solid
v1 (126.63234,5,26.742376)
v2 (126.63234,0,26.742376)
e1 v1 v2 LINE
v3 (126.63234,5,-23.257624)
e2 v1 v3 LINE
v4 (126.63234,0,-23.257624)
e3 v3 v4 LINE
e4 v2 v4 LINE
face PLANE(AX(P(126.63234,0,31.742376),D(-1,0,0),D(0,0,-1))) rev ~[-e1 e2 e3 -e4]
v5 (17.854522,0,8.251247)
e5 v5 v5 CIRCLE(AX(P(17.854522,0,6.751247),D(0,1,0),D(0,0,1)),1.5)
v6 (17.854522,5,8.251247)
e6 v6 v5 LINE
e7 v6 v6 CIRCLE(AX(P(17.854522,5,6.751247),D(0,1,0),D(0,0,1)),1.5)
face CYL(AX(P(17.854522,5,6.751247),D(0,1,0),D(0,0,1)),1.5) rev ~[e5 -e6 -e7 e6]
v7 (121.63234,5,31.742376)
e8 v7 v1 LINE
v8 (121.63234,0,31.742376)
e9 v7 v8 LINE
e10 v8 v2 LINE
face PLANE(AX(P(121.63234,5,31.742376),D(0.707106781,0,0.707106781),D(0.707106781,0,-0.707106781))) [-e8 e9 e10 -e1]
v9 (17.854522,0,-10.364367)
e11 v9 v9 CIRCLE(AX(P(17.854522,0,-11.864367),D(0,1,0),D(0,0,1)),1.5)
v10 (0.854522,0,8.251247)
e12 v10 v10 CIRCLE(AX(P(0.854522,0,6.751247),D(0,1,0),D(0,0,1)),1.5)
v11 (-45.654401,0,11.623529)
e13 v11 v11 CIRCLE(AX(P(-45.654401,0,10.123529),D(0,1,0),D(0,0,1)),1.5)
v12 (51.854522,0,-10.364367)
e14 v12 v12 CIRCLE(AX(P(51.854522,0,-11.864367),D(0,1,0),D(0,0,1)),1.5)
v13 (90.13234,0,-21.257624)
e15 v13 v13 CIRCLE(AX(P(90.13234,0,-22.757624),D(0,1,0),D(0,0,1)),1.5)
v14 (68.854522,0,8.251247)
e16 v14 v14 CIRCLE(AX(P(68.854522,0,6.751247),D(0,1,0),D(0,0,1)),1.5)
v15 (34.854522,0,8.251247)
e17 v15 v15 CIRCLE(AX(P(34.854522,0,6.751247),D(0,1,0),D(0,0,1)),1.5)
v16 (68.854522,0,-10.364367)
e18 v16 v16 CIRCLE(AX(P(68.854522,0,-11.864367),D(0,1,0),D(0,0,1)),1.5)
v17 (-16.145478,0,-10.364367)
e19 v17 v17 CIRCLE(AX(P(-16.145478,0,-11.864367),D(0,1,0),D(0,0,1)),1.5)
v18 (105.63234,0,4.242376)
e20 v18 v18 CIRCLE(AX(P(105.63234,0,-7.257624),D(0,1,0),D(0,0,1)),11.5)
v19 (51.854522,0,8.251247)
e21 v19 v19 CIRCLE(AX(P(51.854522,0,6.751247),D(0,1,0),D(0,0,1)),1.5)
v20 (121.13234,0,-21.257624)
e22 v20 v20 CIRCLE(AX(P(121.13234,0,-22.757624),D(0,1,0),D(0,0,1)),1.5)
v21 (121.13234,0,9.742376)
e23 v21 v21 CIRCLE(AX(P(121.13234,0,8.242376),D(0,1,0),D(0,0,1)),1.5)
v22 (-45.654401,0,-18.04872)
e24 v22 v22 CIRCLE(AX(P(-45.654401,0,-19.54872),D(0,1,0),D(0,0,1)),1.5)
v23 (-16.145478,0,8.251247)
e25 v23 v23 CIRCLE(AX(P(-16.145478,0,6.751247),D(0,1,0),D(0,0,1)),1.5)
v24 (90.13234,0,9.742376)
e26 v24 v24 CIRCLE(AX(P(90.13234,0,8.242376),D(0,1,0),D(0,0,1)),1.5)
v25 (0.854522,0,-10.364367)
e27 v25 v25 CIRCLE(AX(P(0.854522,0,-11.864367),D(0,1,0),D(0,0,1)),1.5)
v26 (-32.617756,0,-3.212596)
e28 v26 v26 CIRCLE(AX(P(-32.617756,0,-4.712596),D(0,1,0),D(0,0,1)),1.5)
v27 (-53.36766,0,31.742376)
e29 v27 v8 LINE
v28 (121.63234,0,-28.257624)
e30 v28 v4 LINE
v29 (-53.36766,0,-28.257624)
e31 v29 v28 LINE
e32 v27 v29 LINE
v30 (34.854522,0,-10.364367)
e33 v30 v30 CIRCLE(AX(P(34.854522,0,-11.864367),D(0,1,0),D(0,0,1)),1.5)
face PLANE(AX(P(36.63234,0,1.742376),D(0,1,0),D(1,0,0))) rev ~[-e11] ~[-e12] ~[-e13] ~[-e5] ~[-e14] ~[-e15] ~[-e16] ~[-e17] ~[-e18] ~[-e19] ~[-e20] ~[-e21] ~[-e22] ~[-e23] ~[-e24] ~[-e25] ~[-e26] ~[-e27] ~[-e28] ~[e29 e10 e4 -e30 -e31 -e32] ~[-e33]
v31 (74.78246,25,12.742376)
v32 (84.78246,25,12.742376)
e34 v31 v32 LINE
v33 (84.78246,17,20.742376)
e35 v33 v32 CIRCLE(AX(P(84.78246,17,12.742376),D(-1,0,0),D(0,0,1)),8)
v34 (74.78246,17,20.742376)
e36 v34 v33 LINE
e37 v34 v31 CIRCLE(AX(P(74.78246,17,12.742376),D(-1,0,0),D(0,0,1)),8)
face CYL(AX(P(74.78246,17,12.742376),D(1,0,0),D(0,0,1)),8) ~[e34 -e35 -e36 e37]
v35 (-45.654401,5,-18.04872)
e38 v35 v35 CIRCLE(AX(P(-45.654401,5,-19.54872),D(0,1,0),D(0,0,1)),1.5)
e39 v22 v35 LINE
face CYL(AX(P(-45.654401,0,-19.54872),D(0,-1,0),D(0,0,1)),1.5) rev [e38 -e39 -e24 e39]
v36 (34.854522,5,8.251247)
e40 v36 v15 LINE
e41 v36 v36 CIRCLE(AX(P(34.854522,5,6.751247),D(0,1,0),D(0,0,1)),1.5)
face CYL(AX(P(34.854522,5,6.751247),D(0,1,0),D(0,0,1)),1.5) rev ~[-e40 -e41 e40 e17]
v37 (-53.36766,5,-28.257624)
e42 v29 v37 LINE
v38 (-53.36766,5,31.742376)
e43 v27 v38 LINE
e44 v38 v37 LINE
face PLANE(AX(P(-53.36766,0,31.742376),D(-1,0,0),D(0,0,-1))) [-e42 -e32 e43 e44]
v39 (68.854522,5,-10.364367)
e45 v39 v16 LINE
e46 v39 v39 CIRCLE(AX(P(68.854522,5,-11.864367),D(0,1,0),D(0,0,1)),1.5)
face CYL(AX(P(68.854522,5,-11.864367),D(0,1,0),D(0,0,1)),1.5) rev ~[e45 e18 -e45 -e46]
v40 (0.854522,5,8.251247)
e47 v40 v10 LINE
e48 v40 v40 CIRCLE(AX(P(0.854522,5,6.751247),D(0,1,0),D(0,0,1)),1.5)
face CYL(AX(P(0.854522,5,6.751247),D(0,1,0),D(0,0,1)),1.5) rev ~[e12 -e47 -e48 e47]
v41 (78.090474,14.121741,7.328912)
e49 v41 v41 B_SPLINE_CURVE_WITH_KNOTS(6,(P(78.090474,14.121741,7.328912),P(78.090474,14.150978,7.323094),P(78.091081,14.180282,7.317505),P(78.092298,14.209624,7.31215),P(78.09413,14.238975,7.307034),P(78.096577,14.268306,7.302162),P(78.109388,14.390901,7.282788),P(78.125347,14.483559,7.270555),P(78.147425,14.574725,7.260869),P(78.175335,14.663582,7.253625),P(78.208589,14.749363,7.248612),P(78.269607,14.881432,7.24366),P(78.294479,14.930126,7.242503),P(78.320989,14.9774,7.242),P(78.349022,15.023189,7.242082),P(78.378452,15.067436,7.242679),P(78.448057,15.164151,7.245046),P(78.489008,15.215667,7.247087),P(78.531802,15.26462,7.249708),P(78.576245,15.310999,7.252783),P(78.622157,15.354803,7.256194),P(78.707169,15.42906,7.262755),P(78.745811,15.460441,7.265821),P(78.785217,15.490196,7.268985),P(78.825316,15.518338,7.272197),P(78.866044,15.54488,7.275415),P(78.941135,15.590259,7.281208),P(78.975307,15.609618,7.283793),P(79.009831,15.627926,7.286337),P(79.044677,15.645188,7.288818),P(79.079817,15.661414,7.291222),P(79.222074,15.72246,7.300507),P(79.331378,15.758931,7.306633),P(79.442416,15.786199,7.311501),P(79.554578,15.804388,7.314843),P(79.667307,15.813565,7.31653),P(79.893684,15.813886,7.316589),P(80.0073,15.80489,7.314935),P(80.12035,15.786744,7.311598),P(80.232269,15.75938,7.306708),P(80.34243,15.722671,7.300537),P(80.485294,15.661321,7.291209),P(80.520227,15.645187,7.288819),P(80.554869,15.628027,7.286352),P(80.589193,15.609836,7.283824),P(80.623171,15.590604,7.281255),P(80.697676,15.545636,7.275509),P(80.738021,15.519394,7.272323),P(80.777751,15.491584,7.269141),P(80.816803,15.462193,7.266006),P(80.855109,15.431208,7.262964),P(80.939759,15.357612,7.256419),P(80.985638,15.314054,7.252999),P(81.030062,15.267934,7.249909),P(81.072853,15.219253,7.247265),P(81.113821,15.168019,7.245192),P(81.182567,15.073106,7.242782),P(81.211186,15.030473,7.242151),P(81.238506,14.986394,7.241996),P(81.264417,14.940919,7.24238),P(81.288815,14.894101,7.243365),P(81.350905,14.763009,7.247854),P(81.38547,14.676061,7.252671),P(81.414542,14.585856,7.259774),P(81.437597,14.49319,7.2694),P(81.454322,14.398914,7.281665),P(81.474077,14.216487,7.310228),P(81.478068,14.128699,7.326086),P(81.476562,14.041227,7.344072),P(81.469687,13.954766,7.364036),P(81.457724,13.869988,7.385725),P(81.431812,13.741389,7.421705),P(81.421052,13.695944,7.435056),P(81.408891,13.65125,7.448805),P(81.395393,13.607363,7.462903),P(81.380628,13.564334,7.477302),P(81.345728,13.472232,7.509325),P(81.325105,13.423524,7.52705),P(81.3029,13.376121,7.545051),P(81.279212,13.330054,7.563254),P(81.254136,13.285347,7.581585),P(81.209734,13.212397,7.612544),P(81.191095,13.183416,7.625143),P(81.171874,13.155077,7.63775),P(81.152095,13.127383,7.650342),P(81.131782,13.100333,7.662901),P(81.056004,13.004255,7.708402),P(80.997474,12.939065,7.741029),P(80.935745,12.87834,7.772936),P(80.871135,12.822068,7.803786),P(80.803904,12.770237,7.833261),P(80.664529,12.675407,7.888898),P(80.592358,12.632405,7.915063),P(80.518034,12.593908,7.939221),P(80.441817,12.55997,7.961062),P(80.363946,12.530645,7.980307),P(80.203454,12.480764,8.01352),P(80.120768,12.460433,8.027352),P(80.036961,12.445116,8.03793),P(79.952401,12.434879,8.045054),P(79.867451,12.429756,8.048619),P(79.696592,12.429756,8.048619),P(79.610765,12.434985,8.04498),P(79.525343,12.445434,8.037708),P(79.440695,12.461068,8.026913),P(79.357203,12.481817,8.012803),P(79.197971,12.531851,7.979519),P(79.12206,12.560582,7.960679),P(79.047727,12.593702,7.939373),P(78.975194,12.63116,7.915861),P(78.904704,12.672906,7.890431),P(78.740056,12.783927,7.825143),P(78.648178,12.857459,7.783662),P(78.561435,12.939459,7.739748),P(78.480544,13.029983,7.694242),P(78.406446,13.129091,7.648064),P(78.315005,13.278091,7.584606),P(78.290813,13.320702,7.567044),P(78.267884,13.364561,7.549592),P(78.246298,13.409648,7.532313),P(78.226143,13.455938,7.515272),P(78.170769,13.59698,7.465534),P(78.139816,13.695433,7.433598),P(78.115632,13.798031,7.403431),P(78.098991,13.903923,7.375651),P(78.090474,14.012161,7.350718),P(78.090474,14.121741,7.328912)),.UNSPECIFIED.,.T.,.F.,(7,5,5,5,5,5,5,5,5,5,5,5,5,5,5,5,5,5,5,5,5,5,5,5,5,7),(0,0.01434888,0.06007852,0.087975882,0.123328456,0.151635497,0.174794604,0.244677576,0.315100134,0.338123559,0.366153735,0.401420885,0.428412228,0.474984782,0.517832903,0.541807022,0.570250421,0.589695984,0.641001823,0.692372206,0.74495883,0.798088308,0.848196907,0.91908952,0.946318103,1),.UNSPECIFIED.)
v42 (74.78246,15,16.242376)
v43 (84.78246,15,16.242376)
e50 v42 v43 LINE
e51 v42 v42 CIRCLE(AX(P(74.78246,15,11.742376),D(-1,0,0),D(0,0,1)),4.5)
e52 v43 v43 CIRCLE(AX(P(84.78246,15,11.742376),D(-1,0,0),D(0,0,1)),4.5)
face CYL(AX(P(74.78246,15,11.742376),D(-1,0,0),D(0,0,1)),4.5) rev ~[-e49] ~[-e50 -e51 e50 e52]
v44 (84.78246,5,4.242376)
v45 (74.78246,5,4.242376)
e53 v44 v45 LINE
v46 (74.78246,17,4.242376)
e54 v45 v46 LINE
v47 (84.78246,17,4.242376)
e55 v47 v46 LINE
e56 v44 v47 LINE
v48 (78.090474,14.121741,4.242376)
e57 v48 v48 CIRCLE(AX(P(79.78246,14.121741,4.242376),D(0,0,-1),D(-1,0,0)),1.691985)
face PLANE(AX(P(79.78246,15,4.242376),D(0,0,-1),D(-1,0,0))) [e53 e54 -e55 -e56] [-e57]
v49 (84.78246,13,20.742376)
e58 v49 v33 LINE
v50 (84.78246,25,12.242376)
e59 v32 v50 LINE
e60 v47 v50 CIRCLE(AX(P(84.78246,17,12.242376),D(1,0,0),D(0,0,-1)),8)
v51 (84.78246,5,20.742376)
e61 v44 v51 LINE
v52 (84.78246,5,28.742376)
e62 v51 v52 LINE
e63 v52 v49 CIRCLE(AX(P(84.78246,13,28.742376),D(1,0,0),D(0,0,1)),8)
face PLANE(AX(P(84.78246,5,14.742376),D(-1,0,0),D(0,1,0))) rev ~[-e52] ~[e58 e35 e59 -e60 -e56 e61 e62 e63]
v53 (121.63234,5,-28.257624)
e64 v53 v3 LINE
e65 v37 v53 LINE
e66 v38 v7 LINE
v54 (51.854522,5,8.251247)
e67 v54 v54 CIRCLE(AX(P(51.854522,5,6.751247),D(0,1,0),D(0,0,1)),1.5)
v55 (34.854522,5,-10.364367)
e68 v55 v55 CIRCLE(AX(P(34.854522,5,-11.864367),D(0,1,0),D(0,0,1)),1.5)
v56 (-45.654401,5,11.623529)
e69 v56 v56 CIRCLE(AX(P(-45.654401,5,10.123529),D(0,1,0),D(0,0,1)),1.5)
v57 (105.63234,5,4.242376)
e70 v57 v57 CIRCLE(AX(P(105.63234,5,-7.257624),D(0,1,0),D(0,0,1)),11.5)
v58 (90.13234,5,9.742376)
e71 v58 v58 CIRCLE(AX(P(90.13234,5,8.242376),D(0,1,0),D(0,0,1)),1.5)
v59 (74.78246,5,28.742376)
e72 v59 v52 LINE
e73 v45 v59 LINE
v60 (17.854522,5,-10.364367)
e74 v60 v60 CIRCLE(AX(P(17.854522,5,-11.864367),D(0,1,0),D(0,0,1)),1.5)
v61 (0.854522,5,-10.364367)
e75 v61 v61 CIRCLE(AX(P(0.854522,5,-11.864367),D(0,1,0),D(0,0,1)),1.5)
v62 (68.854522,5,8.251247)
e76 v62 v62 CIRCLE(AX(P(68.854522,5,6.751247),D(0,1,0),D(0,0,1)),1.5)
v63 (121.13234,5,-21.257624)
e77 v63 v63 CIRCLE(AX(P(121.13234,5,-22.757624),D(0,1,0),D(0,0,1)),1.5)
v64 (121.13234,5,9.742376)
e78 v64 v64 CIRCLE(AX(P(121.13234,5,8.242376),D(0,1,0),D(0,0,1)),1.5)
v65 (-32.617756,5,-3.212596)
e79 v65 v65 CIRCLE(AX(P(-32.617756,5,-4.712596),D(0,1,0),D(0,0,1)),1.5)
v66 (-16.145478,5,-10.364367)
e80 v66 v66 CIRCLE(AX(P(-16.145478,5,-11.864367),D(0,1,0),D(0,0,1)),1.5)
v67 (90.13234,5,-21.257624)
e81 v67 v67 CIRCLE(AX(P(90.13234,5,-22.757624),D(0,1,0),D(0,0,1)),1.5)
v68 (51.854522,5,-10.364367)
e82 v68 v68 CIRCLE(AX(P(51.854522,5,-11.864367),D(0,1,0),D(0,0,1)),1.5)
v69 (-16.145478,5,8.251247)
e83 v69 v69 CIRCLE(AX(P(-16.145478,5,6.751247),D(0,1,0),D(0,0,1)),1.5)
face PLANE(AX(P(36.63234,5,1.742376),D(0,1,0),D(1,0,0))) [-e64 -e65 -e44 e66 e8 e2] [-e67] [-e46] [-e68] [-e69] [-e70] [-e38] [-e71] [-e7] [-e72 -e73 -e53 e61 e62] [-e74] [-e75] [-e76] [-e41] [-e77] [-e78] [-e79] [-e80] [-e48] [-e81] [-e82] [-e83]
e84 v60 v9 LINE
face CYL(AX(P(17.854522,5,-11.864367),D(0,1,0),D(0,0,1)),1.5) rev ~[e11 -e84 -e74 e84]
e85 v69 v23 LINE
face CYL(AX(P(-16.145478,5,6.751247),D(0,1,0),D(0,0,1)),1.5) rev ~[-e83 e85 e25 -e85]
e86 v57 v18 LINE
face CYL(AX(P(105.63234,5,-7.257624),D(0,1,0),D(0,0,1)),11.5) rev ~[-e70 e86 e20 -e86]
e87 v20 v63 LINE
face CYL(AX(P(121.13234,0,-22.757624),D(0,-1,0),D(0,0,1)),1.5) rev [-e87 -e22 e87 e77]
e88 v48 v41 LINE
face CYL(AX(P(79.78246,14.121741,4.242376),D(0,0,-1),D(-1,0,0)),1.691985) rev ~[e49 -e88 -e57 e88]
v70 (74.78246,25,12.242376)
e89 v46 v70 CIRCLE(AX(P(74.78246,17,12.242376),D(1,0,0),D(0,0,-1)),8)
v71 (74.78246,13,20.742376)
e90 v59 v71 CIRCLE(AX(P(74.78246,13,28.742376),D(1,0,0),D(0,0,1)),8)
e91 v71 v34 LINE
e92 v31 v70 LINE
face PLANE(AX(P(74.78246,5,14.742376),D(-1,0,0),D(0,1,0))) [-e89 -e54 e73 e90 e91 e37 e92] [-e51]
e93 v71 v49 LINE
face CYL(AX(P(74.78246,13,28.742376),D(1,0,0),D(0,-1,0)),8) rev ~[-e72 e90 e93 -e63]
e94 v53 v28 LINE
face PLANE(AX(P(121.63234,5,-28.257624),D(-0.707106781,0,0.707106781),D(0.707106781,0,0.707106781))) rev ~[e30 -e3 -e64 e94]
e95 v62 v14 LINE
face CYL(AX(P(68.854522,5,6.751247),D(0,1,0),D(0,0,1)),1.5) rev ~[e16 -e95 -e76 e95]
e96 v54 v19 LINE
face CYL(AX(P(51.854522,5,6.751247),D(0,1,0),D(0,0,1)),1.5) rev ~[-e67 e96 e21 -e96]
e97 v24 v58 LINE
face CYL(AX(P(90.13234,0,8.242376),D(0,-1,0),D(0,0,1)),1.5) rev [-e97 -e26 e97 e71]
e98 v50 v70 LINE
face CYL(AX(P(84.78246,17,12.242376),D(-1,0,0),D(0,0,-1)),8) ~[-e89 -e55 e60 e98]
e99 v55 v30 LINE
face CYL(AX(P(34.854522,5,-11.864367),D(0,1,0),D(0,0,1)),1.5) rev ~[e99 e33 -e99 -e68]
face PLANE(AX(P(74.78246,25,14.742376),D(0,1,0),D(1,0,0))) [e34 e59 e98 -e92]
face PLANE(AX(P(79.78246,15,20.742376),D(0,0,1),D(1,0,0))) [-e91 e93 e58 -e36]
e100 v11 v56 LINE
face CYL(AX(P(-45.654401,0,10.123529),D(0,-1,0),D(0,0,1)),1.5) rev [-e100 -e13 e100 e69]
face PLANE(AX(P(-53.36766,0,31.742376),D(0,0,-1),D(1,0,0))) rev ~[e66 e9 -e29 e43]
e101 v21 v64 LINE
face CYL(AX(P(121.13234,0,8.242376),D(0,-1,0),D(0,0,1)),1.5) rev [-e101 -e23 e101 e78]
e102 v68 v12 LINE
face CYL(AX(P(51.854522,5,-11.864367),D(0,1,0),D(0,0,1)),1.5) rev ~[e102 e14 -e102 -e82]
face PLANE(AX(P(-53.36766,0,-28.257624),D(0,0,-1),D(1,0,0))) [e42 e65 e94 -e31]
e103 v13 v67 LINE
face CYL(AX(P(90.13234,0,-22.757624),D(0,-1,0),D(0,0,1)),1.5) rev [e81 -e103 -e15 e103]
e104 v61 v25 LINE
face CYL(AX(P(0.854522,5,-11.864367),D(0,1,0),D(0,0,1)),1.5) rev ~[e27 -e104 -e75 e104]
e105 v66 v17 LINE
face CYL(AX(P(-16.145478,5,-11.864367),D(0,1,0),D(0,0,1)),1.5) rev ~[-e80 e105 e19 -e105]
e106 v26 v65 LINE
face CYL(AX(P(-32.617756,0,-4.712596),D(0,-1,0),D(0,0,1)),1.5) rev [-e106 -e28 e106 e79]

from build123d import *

# Parameters (mm, degrees)
SKETCH_1_W           = 180
SKETCH_1_H           = 60
SKETCH_1_R           = 11
SKETCH_1_R_2         = 1.5
EXTRUDE_3_DEPTH      = 5
SKETCH_2_W           = 10
SKETCH_2_H           = 20
EXTRUDE_4_DEPTH      = 20
SKETCH_4_R           = 4
CUT_EXTRUDE_1_DEPTH  = 20
SKETCH_8_W           = 3
SKETCH_8_H           = 20
CUT_EXTRUDE_4_DEPTH  = 10
SKETCH_10_W          = 14
SKETCH_10_H          = 20
EXTRUDE_5_DEPTH      = 10
SKETCH_9_R           = 4
CUT_EXTRUDE_5_DEPTH  = 10
SKETCH_12_W          = 13.5
SKETCH_12_H          = 20
CUT_EXTRUDE_6_DEPTH  = 10
SKETCH_15_W          = 1
SKETCH_15_H          = 20
CUT_EXTRUDE_7_DEPTH  = 10
FILLET_5_R           = 5
SKETCH_21_W          = 10
SKETCH_21_H          = 18
EXTRUDE_6_DEPTH      = 20
SKETCH_25_W          = 11.311173877
SKETCH_25_H          = 1.5
CUT_EXTRUDE_10_DEPTH = 20
SKETCH_37_W          = 10
SKETCH_37_H          = 20
EXTRUDE_9_DEPTH      = 6
SKETCH_38_W          = 10
SKETCH_38_H          = 20
CUT_EXTRUDE_12_DEPTH = 6
SKETCH_39_R          = 4
CUT_EXTRUDE_13_DEPTH = 144.937604561
FILLET_10_R          = 8
SKETCH_41_R          = 1.5
CUT_EXTRUDE_14_DEPTH = 10
SKETCH_42_R          = 11.5
CUT_EXTRUDE_15_DEPTH = 10
SKETCH_43_R          = 1.691985253
CUT_EXTRUDE_16_DEPTH = 10
SKETCH_44_R          = 4.5
CUT_EXTRUDE_17_DEPTH = 10
CUT_EXTRUDE_18_DEPTH = 10


with BuildPart() as part:
    # 스케치1 → 보스-돌출3 (new body)
    with BuildSketch(Plane(origin=(0, 0, 0), x_dir=(1, 0, 0), z_dir=(0, 1, 0))):
        with Locations((36.632340007, -1.742375967)):
            Rectangle(SKETCH_1_W, SKETCH_1_H)
        with Locations(Location((105.632340007, 7.257624033, 0), (0, 0, 270))):
            Circle(SKETCH_1_R, mode=Mode.SUBTRACT)
        with Locations(Location((90.132340007, 22.757624033, 0), (0, 0, 270))):
            Circle(SKETCH_1_R_2, mode=Mode.SUBTRACT)
        with Locations(Location((121.132340007, 22.757624033, 0), (0, 0, 270))):
            Circle(SKETCH_1_R_2, mode=Mode.SUBTRACT)
        with Locations(Location((90.132340007, -8.242375967, 0), (0, 0, 270))):
            Circle(SKETCH_1_R_2, mode=Mode.SUBTRACT)
        with Locations(Location((121.132340007, -8.242375967, 0), (0, 0, 270))):
            Circle(SKETCH_1_R_2, mode=Mode.SUBTRACT)
        with Locations(Location((-32.617755763, 4.712595626, 0), (0, 0, 270))):
            Circle(SKETCH_1_R_2, mode=Mode.SUBTRACT)
        with Locations(Location((-45.654401225, 19.548720133, 0), (0, 0, 270))):
            Circle(SKETCH_1_R_2, mode=Mode.SUBTRACT)
        with Locations(Location((-45.654401225, -10.123528882, 0), (0, 0, 270))):
            Circle(SKETCH_1_R_2, mode=Mode.SUBTRACT)
    extrude(amount=EXTRUDE_3_DEPTH)

    # 스케치2 → 보스-돌출4 (add)
    with BuildSketch(Plane(origin=(0, 5, 0), x_dir=(1, 0, 0), z_dir=(0, 1, 0))):
        with Locations((79.782459712, 8.257624033)):
            Rectangle(SKETCH_2_W, SKETCH_2_H)
    extrude(amount=EXTRUDE_4_DEPTH)

    # 스케치4 → 컷-돌출1 (cut)
    with BuildSketch(Plane.ZY.offset(-74.782459712)):
        with Locations((-8.257624033, 15)):
            Circle(SKETCH_4_R)
    extrude(amount=-CUT_EXTRUDE_1_DEPTH, mode=Mode.SUBTRACT)

    # 스케치8 → 컷-돌출4 (cut)
    with BuildSketch(Plane(origin=(84.782459712, 0, 0), x_dir=(0, 0, -1), z_dir=(1, 0, 0))):
        with Locations((16.757624033, 15)):
            Rectangle(SKETCH_8_W, SKETCH_8_H)
        with Locations((-0.242375967, 15)):
            Rectangle(SKETCH_8_W, SKETCH_8_H)
    extrude(amount=-CUT_EXTRUDE_4_DEPTH, mode=Mode.SUBTRACT)

    # 스케치10 → 보스-돌출5 (add)
    with BuildSketch(Plane(origin=(84.782459712, 0, 0), x_dir=(0, 0, -1), z_dir=(1, 0, 0))):
        with Locations((-5.242375967, 15)):
            Rectangle(SKETCH_10_W, SKETCH_10_H)
    extrude(amount=-EXTRUDE_5_DEPTH)

    # 스케치9 → 컷-돌출5 (cut)
    with BuildSketch(Plane(origin=(84.782459712, 0, 0), x_dir=(0, 0, -1), z_dir=(1, 0, 0))):
        with Locations((-5.242375967, 15)):
            Circle(SKETCH_9_R)
    extrude(amount=-CUT_EXTRUDE_5_DEPTH, mode=Mode.SUBTRACT)

    # 스케치12 → 컷-돌출6 (cut)
    with BuildSketch(Plane(origin=(84.782459712, 0, 0), x_dir=(0, 0, -1), z_dir=(1, 0, 0))):
        with Locations((8.507624033, 15)):
            Rectangle(SKETCH_12_W, SKETCH_12_H)
    extrude(amount=-CUT_EXTRUDE_6_DEPTH, mode=Mode.SUBTRACT)

    # 스케치15 → 컷-돌출7 (cut)
    with BuildSketch(Plane(origin=(84.782459712, 0, 0), x_dir=(0, 0, -1), z_dir=(1, 0, 0))):
        with Locations((1.257624033, 15)):
            Rectangle(SKETCH_15_W, SKETCH_15_H)
    extrude(amount=-CUT_EXTRUDE_7_DEPTH, mode=Mode.SUBTRACT)

    # 필렛5
    fillet_5_edges = [part.edges().sort_by_distance(p)[0] for p in [
        (79.782459712, 25, -0.757624033),
        (79.782459712, 25, 12.242375967),
    ]]
    fillet(fillet_5_edges, radius=FILLET_5_R)

    # 스케치21 → 보스-돌출6 (add)
    with BuildSketch(Plane(origin=(0, 5, 0), x_dir=(1, 0, 0), z_dir=(0, 1, 0))):
        with Locations((79.782459712, -5.742375967)):
            Rectangle(SKETCH_21_W, SKETCH_21_H)
    extrude(amount=EXTRUDE_6_DEPTH)

    # 스케치25 → 컷-돌출10 (cut)
    with BuildSketch(Plane(origin=(0, 5, 0), x_dir=(1, 0, 0), z_dir=(0, 1, 0))):
        with Locations((79.126872773, 2.507624033)):
            Rectangle(SKETCH_25_W, SKETCH_25_H)
    extrude(amount=CUT_EXTRUDE_10_DEPTH, mode=Mode.SUBTRACT)

    # 스케치37 → 보스-돌출9 (add)
    with BuildSketch(Plane.XY.offset(14.742375967)):
        with Locations((79.782459712, 15)):
            Rectangle(SKETCH_37_W, SKETCH_37_H)
    extrude(amount=EXTRUDE_9_DEPTH)

    # 스케치38 → 컷-돌출12 (cut)
    with BuildSketch(Plane(origin=(0, 0, -1.757624033), x_dir=(-1, 0, 0), z_dir=(0, 0, -1))):
        with Locations((-79.782459712, 15)):
            Rectangle(SKETCH_38_W, SKETCH_38_H)
    extrude(amount=-CUT_EXTRUDE_12_DEPTH, mode=Mode.SUBTRACT)

    # 스케치39 → 컷-돌출13 (cut, through all)
    with BuildSketch(Plane(origin=(84.782459712, 0, 0), x_dir=(0, 0, -1), z_dir=(1, 0, 0))):
        with Locations((-11.742375967, 15)):
            Circle(SKETCH_39_R)
    extrude(amount=-CUT_EXTRUDE_13_DEPTH, mode=Mode.SUBTRACT)

    # 필렛10
    fillet_10_edges = [part.edges().sort_by_distance(p)[0] for p in [
        (79.782459712, 25, 20.742375967),
        (79.782459712, 5, 20.742375967),
        (79.782459712, 25, 4.242375967),
    ]]
    fillet(fillet_10_edges, radius=FILLET_10_R)

    # 스케치41 → 컷-돌출14 (cut)
    with BuildSketch(Plane(origin=(0, 5, 0), x_dir=(1, 0, 0), z_dir=(0, 1, 0))):
        with Locations(Location((-16.145477704, -6.751246634, 0), (0, 0, 270))):
            Circle(SKETCH_41_R)
        with Locations(Location((-16.145477704, 11.864366715, 0), (0, 0, 270))):
            Circle(SKETCH_41_R)
        with Locations(Location((0.854522296, 11.864366715, 0), (0, 0, 270))):
            Circle(SKETCH_41_R)
        with Locations(Location((0.854522296, -6.751246634, 0), (0, 0, 270))):
            Circle(SKETCH_41_R)
        with Locations(Location((17.854522296, 11.864366715, 0), (0, 0, 270))):
            Circle(SKETCH_41_R)
        with Locations(Location((17.854522296, -6.751246634, 0), (0, 0, 270))):
            Circle(SKETCH_41_R)
        with Locations(Location((34.854522296, 11.864366715, 0), (0, 0, 270))):
            Circle(SKETCH_41_R)
        with Locations(Location((34.854522296, -6.751246634, 0), (0, 0, 270))):
            Circle(SKETCH_41_R)
        with Locations(Location((51.854522296, 11.864366715, 0), (0, 0, 270))):
            Circle(SKETCH_41_R)
        with Locations(Location((51.854522296, -6.751246634, 0), (0, 0, 270))):
            Circle(SKETCH_41_R)
        with Locations(Location((68.854522296, 11.864366715, 0), (0, 0, 270))):
            Circle(SKETCH_41_R)
        with Locations(Location((68.854522296, -6.751246634, 0), (0, 0, 270))):
            Circle(SKETCH_41_R)
    extrude(amount=-CUT_EXTRUDE_14_DEPTH, mode=Mode.SUBTRACT)

    # 스케치42 → 컷-돌출15 (cut)
    with BuildSketch(Plane(origin=(0, 5, 0), x_dir=(1, 0, 0), z_dir=(0, 1, 0))):
        with Locations(Location((105.632340007, 7.257624033, 0), (0, 0, 270))):
            Circle(SKETCH_42_R)
    extrude(amount=-CUT_EXTRUDE_15_DEPTH, mode=Mode.SUBTRACT)

    # 스케치43 → 컷-돌출16 (cut)
    with BuildSketch(Plane(origin=(0, 0, 4.242375967), x_dir=(-1, 0, 0), z_dir=(0, 0, -1))):
        with Locations((-79.782459712, 14.121740896)):
            Circle(SKETCH_43_R)
    extrude(amount=-CUT_EXTRUDE_16_DEPTH, mode=Mode.SUBTRACT)

    # 스케치44 → 컷-돌출17 (cut)
    with BuildSketch(Plane.ZY.offset(-74.782459712)):
        with Locations((11.742375967, 15)):
            Circle(SKETCH_44_R)
    extrude(amount=-CUT_EXTRUDE_17_DEPTH, mode=Mode.SUBTRACT)

    # 스케치46 → 컷-돌출18 (cut)
    with BuildSketch(Plane(origin=(0, 5, 0), x_dir=(1, 0, 0), z_dir=(0, 1, 0))):
        Polygon((126.632340007, 28.257624033), (121.632340007, 28.257624033), (126.632340007, 23.257624033), align=None)
        Polygon((126.632340007, -31.742375967), (121.632340007, -31.742375967), (126.632340007, -26.742375967), align=None)
    extrude(amount=-CUT_EXTRUDE_18_DEPTH, mode=Mode.SUBTRACT)


solid = part.part
